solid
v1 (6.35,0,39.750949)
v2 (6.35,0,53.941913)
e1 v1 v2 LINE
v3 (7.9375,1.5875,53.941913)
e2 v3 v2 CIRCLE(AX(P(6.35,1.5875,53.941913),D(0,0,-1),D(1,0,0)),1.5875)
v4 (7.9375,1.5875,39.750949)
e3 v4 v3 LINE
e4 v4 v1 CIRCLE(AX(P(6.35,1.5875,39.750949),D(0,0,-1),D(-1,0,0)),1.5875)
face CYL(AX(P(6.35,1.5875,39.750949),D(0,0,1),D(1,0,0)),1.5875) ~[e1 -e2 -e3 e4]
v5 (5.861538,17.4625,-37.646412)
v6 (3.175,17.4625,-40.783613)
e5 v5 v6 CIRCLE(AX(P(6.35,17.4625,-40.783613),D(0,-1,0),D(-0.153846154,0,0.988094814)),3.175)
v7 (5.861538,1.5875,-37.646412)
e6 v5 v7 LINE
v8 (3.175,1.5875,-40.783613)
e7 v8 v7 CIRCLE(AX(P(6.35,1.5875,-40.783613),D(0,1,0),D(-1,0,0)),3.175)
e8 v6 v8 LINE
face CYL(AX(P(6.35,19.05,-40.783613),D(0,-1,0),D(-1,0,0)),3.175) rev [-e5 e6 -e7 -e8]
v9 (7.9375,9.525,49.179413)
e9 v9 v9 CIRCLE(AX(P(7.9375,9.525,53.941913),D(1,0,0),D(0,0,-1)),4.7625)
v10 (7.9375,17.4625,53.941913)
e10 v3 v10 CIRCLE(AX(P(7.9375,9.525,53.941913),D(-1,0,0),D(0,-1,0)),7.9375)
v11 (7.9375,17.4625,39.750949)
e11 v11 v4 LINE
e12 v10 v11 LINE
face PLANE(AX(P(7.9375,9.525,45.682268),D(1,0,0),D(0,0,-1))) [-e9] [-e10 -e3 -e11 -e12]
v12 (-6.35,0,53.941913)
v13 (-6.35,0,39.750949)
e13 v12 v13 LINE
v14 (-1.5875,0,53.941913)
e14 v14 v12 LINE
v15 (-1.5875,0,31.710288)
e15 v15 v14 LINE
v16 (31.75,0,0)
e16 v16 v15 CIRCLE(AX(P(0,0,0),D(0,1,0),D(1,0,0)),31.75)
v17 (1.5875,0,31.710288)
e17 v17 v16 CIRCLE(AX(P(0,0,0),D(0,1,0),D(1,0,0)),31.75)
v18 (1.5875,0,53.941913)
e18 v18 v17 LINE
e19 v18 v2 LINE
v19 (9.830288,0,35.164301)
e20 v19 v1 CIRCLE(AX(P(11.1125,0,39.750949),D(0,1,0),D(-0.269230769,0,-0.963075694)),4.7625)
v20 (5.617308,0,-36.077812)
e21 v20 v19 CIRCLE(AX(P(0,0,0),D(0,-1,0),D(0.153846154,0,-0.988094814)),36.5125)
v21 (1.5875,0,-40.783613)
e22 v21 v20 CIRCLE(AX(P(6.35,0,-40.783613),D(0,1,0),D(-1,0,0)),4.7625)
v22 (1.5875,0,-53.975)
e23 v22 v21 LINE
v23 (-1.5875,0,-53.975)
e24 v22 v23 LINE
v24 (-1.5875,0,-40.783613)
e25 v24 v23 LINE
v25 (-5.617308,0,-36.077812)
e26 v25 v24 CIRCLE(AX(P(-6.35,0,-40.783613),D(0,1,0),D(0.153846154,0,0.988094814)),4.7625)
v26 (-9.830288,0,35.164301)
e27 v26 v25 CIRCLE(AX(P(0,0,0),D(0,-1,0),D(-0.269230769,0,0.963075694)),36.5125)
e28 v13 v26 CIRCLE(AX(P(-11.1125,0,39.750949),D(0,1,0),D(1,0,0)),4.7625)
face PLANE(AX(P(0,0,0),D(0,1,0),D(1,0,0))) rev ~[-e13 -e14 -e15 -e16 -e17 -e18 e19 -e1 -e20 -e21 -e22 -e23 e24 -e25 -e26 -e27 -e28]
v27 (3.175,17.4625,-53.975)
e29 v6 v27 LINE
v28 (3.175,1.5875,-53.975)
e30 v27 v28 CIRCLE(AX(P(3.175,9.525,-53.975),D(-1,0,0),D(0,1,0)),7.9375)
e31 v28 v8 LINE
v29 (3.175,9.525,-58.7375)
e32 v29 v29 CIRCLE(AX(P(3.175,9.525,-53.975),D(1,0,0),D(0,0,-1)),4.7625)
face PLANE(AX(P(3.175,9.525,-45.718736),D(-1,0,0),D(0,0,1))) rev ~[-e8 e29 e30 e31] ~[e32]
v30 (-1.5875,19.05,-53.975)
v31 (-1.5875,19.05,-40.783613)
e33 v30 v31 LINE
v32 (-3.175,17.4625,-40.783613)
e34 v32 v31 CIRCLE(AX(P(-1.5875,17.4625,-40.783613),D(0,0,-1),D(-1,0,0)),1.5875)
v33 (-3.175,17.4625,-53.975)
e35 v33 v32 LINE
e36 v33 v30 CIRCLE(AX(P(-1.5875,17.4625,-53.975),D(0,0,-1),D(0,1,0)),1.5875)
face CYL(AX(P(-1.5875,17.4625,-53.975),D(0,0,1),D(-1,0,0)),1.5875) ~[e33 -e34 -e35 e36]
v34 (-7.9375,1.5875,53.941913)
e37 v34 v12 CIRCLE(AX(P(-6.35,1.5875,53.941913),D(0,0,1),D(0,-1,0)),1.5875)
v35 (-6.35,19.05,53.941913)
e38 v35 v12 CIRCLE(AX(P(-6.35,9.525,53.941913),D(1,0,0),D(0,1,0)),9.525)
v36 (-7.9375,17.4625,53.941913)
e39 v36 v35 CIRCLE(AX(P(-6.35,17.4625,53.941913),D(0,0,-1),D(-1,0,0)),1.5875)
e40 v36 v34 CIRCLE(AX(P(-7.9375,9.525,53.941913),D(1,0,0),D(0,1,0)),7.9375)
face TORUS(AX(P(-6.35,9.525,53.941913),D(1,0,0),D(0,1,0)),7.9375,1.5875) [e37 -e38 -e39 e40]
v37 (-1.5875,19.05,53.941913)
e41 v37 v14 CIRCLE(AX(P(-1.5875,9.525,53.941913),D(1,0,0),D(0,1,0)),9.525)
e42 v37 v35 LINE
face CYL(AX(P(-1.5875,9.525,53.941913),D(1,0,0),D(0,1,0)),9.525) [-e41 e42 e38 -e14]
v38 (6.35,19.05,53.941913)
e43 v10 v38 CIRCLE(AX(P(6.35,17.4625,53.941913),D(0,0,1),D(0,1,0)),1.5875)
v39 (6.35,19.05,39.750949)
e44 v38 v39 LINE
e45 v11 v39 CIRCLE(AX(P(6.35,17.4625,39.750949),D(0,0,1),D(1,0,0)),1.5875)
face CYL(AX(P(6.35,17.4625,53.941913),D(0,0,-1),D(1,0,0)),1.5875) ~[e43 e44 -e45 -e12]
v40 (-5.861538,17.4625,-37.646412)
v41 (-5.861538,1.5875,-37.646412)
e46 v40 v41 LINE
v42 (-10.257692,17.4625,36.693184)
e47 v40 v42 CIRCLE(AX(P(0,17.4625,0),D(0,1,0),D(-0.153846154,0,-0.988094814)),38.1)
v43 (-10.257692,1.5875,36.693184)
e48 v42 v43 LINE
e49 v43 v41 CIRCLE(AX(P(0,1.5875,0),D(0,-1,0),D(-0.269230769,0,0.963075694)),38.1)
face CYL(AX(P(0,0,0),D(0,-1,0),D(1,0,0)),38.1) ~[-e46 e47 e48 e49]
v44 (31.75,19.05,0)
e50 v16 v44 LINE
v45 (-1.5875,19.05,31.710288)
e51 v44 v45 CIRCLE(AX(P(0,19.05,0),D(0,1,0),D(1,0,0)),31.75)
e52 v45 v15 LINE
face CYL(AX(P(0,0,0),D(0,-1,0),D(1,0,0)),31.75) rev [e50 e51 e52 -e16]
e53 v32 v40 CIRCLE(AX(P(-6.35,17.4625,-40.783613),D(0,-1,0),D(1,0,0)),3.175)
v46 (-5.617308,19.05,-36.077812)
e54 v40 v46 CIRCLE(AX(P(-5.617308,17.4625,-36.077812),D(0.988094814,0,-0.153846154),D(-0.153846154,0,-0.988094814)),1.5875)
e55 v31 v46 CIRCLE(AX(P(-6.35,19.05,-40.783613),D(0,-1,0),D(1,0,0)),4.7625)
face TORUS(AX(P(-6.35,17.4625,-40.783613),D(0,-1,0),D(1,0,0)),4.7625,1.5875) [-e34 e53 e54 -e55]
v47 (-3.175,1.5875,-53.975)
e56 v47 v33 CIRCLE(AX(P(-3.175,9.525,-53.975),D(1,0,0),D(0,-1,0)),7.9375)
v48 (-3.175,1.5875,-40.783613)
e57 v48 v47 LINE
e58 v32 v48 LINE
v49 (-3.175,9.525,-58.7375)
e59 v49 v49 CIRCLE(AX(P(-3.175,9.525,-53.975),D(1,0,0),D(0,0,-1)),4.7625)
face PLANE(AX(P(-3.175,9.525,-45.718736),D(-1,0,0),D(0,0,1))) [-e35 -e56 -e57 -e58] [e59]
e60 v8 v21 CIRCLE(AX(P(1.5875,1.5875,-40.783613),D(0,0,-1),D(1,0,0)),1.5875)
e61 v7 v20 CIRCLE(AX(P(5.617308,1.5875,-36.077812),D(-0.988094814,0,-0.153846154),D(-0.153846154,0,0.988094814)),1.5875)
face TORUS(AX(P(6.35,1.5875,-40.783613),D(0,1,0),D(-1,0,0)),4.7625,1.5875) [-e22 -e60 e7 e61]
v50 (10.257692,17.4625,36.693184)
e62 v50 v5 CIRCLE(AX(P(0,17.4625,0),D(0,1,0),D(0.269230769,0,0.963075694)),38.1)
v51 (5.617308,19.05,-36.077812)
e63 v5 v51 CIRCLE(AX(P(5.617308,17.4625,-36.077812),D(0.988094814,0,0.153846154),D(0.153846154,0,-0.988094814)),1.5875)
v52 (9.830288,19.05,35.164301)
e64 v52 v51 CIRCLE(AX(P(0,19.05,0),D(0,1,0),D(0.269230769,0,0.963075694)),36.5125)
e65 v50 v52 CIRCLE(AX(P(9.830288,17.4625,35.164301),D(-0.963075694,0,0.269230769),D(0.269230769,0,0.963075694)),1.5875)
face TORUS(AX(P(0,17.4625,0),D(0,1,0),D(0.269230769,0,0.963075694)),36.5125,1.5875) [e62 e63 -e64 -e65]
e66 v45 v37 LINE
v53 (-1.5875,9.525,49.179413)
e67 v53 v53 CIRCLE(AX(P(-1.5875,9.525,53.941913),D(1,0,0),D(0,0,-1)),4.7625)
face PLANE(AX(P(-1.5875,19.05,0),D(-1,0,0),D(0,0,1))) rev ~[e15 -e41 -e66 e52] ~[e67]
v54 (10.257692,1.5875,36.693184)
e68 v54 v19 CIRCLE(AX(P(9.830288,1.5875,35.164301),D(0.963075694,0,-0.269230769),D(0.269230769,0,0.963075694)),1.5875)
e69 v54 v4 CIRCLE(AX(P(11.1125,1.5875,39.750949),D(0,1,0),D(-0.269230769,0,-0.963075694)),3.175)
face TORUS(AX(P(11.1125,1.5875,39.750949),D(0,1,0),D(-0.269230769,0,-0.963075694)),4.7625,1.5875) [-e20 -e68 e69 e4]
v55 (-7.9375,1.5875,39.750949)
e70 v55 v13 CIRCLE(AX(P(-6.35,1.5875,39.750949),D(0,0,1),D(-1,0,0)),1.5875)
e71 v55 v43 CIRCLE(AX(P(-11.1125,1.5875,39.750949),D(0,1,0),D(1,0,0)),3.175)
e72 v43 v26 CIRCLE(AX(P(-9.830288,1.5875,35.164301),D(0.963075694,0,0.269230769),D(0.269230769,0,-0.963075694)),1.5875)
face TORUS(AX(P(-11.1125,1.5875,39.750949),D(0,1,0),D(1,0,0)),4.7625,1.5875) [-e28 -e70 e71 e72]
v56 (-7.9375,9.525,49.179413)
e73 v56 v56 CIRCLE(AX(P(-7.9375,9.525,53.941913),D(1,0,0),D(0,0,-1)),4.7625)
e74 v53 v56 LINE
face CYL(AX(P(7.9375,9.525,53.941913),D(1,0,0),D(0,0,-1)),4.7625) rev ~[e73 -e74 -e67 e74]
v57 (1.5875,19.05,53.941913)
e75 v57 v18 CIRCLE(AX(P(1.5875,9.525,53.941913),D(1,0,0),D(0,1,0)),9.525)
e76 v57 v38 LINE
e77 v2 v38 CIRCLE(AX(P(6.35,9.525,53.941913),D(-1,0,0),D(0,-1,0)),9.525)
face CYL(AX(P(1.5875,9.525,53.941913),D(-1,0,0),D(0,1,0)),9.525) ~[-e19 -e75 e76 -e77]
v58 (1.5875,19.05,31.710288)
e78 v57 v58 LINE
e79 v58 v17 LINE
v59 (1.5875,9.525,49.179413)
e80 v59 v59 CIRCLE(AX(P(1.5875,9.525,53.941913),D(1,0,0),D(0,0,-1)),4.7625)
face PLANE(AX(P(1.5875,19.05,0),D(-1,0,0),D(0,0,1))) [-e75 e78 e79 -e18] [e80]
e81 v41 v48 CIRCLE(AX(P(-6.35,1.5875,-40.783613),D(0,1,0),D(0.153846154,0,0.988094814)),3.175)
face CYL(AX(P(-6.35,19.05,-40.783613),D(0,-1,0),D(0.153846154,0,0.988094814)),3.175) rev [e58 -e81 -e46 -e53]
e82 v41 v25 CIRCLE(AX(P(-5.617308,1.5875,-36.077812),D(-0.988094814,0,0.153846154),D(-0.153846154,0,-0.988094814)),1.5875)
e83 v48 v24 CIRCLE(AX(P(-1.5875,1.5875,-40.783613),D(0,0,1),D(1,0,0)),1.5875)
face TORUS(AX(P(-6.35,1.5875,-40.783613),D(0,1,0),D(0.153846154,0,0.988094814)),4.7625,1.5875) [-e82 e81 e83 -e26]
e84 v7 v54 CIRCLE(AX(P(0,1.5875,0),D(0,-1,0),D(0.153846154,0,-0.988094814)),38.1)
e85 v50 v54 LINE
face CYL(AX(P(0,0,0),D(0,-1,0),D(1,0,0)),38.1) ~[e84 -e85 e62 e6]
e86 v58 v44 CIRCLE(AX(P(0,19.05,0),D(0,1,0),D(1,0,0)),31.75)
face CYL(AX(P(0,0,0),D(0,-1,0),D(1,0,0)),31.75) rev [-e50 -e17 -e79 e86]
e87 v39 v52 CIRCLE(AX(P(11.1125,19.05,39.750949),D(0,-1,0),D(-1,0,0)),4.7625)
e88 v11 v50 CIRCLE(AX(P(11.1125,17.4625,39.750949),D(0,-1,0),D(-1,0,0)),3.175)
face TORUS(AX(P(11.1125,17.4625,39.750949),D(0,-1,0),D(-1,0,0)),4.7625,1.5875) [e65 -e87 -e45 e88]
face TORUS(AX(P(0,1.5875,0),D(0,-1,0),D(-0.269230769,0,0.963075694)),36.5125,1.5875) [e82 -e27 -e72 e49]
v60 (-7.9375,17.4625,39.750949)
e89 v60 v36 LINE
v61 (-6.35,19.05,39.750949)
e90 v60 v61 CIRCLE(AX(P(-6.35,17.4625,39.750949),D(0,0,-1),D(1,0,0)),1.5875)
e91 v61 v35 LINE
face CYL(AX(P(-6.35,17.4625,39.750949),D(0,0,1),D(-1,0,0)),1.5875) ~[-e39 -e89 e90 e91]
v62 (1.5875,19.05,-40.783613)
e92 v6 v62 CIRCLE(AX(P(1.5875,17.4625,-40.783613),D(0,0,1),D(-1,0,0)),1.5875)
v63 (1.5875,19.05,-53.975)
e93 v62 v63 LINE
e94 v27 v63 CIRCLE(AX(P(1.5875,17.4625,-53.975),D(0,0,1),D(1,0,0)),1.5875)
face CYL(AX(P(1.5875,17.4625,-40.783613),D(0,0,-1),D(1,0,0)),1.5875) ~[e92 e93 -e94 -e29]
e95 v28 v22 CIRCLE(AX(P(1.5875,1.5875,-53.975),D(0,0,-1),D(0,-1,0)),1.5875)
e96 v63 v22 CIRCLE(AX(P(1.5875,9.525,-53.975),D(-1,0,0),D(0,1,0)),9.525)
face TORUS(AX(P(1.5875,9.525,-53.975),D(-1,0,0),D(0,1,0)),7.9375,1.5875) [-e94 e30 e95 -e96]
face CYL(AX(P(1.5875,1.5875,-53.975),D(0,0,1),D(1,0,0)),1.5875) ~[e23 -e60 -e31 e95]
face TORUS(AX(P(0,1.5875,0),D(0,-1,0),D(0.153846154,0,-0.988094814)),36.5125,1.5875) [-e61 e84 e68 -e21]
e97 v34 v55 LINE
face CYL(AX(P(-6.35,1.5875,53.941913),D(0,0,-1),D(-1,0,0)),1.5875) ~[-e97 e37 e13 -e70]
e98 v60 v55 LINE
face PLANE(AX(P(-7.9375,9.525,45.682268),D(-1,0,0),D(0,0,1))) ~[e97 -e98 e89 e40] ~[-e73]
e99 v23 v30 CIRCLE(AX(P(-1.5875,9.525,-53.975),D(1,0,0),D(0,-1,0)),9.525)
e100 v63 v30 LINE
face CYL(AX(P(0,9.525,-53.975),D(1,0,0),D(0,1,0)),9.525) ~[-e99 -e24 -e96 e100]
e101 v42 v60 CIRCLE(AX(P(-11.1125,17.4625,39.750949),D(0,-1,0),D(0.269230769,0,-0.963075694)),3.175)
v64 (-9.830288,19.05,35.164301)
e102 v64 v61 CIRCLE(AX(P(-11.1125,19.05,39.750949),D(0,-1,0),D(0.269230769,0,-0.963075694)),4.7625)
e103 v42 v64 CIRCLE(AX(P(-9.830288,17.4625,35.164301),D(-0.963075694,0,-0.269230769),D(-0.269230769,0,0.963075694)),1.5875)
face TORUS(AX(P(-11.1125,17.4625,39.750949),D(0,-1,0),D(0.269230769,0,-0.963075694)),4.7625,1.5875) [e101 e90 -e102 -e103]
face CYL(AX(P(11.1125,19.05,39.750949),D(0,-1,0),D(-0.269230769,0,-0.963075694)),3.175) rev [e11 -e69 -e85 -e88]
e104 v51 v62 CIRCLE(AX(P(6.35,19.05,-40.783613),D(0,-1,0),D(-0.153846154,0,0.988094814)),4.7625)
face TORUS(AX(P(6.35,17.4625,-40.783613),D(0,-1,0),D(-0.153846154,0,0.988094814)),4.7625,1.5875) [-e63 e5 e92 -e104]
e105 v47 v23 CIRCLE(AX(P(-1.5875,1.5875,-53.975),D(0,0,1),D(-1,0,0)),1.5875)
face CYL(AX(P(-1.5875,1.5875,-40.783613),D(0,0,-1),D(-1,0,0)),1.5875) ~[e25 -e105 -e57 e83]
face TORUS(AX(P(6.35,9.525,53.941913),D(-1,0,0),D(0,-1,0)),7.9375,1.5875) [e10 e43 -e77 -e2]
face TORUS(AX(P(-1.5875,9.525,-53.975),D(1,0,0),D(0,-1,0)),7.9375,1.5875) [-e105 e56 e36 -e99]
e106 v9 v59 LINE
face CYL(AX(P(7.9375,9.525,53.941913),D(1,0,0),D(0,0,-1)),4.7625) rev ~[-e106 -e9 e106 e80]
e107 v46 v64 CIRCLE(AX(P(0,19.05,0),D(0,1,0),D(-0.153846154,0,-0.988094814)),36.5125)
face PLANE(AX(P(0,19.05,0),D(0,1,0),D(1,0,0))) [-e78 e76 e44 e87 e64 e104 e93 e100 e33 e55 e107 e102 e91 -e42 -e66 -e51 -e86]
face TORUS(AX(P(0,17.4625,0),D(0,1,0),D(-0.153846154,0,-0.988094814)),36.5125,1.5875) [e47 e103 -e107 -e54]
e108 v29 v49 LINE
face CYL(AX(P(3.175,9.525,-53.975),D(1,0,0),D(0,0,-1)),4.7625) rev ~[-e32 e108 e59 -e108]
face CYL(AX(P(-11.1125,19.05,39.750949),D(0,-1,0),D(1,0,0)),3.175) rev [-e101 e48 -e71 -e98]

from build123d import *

# Parameters (mm, degrees)
SKETCH1_R          = 38.1
SKETCH1_R_2        = 31.75
EXTRUDE1_DEPTH     = 19.05
SKETCH2_W          = 3.175
SKETCH2_H          = 40.64
CUT_EXTRUDE1_DEPTH = 20.05
EXTRUDE2_DEPTH     = 6.35
SKETCH6_R          = 4.7625
CUT_EXTRUDE3_DEPTH = 47.0375
EXTRUDE4_DEPTH     = 3.175
FILLET4_R          = 3.175
SKETCH10_R         = 4.7625
CUT_EXTRUDE6_DEPTH = 42.275
FILLET5_R          = 1.5875


with BuildPart() as part:
    # Sketch1 → Extrude1 (new body)
    with BuildSketch(Plane(origin=(0, 0, 0), x_dir=(1, 0, 0), z_dir=(0, 1, 0))):
        Circle(SKETCH1_R)
        Circle(SKETCH1_R_2, mode=Mode.SUBTRACT)
    extrude(amount=EXTRUDE1_DEPTH)

    # Sketch2 → Cut-Extrude1 (cut, through all)
    with BuildSketch(Plane(origin=(0, 19.05, 0), x_dir=(-1, 0, 0), z_dir=(0, 1, 0))):
        with Locations((0, 20.32)):
            Rectangle(SKETCH2_W, SKETCH2_H)
    extrude(amount=-CUT_EXTRUDE1_DEPTH, mode=Mode.SUBTRACT)

    # Sketch3 → Extrude2 (add)
    with BuildSketch(Plane.ZY.offset(-1.5875)):
        with BuildLine():
            Line((31.710287664, 19.05), (53.941912716, 19.05))
            ThreePointArc((53.941912716, 19.05), (63.466912716, 9.525), (53.941912716, 0))
            Line((53.941912716, 0), (31.710287664, 0))
            Line((31.710287664, 0), (31.710287664, 19.05))
        make_face()
    extrude2 = extrude(amount=-EXTRUDE2_DEPTH)

    # Mirror1: Extrude2 across plane
    add(extrude2.mirror(Plane(origin=(0, 0, 0), x_dir=(0, 0, 1), z_dir=(1, 0, 0))))

    # Sketch6 → Cut-Extrude3 (cut, through all)
    with BuildSketch(Plane(origin=(7.9375, 0, 0), x_dir=(0, 0, -1), z_dir=(1, 0, 0))):
        with Locations((-53.941912716, 9.525)):
            Circle(SKETCH6_R)
    extrude(amount=-CUT_EXTRUDE3_DEPTH, mode=Mode.SUBTRACT)

    # Sketch7 → Extrude4 (add, symmetric)
    with BuildSketch(Plane(origin=(0, 0, 0), x_dir=(0, 0, -1), z_dir=(1, 0, 0))):
        with BuildLine():
            Line((31.75, 19.05), (53.975, 19.05))
            ThreePointArc((53.975, 19.05), (63.5, 9.525), (53.975, 0))
            Line((53.975, 0), (31.75, 0))
            Line((31.75, 0), (31.75, 19.05))
        make_face()
    extrude(amount=EXTRUDE4_DEPTH, both=True)

    # Fillet4
    fillet4_edges = [part.edges().sort_by_distance(p)[0] for p in [
        (7.9375, 9.525, 37.264005337),
        (-7.9375, 9.525, 37.264005337),
        (-3.175, 9.525, -37.967477859),
        (3.175, 9.525, -37.967477859),
    ]]
    fillet(fillet4_edges, radius=FILLET4_R)

    # Sketch10 → Cut-Extrude6 (cut, through all)
    with BuildSketch(Plane(origin=(3.175, 0, 0), x_dir=(0, 0, -1), z_dir=(1, 0, 0))):
        with Locations((53.975, 9.525)):
            Circle(SKETCH10_R)
    extrude(amount=-CUT_EXTRUDE6_DEPTH, mode=Mode.SUBTRACT)

    # Fillet5
    fillet5_edges = [part.edges().sort_by_distance(p)[0] for p in [
        (-38.033554879, 19.05, -2.249156126),
        (-38.033554879, 0, -2.249156126),
        (-7.9375, 0, 46.846430999),
        (38.033554879, 19.05, -2.249156126),
        (38.033554879, 0, -2.249156126),
        (7.9375, 0, 46.846430999),
        (3.175, 0, -47.379306719),
        (-3.175, 0, -47.379306719),
        (-8.583207666, 19.05, 37.831755365),
        (-8.583207666, 0, 37.831755365),
        (8.583207666, 0, 37.831755365),
        (8.583207666, 19.05, 37.831755365),
        (3.938414382, 0, -38.718454894),
        (3.938414382, 19.05, -38.718454894),
        (-3.938414382, 0, -38.718454894),
        (-3.938414382, 19.05, -38.718454894),
        (7.9375, 19.05, 46.846430999),
        (7.9375, 9.525, 63.466912716),
        (-7.9375, 9.525, 63.466912716),
        (-7.9375, 19.05, 46.846430999),
        (3.175, 19.05, -47.379306719),
        (3.175, 9.525, -63.5),
        (-3.175, 19.05, -47.379306719),
        (-3.175, 9.525, -63.5),
    ]]
    fillet(fillet5_edges, radius=FILLET5_R)


solid = part.part
